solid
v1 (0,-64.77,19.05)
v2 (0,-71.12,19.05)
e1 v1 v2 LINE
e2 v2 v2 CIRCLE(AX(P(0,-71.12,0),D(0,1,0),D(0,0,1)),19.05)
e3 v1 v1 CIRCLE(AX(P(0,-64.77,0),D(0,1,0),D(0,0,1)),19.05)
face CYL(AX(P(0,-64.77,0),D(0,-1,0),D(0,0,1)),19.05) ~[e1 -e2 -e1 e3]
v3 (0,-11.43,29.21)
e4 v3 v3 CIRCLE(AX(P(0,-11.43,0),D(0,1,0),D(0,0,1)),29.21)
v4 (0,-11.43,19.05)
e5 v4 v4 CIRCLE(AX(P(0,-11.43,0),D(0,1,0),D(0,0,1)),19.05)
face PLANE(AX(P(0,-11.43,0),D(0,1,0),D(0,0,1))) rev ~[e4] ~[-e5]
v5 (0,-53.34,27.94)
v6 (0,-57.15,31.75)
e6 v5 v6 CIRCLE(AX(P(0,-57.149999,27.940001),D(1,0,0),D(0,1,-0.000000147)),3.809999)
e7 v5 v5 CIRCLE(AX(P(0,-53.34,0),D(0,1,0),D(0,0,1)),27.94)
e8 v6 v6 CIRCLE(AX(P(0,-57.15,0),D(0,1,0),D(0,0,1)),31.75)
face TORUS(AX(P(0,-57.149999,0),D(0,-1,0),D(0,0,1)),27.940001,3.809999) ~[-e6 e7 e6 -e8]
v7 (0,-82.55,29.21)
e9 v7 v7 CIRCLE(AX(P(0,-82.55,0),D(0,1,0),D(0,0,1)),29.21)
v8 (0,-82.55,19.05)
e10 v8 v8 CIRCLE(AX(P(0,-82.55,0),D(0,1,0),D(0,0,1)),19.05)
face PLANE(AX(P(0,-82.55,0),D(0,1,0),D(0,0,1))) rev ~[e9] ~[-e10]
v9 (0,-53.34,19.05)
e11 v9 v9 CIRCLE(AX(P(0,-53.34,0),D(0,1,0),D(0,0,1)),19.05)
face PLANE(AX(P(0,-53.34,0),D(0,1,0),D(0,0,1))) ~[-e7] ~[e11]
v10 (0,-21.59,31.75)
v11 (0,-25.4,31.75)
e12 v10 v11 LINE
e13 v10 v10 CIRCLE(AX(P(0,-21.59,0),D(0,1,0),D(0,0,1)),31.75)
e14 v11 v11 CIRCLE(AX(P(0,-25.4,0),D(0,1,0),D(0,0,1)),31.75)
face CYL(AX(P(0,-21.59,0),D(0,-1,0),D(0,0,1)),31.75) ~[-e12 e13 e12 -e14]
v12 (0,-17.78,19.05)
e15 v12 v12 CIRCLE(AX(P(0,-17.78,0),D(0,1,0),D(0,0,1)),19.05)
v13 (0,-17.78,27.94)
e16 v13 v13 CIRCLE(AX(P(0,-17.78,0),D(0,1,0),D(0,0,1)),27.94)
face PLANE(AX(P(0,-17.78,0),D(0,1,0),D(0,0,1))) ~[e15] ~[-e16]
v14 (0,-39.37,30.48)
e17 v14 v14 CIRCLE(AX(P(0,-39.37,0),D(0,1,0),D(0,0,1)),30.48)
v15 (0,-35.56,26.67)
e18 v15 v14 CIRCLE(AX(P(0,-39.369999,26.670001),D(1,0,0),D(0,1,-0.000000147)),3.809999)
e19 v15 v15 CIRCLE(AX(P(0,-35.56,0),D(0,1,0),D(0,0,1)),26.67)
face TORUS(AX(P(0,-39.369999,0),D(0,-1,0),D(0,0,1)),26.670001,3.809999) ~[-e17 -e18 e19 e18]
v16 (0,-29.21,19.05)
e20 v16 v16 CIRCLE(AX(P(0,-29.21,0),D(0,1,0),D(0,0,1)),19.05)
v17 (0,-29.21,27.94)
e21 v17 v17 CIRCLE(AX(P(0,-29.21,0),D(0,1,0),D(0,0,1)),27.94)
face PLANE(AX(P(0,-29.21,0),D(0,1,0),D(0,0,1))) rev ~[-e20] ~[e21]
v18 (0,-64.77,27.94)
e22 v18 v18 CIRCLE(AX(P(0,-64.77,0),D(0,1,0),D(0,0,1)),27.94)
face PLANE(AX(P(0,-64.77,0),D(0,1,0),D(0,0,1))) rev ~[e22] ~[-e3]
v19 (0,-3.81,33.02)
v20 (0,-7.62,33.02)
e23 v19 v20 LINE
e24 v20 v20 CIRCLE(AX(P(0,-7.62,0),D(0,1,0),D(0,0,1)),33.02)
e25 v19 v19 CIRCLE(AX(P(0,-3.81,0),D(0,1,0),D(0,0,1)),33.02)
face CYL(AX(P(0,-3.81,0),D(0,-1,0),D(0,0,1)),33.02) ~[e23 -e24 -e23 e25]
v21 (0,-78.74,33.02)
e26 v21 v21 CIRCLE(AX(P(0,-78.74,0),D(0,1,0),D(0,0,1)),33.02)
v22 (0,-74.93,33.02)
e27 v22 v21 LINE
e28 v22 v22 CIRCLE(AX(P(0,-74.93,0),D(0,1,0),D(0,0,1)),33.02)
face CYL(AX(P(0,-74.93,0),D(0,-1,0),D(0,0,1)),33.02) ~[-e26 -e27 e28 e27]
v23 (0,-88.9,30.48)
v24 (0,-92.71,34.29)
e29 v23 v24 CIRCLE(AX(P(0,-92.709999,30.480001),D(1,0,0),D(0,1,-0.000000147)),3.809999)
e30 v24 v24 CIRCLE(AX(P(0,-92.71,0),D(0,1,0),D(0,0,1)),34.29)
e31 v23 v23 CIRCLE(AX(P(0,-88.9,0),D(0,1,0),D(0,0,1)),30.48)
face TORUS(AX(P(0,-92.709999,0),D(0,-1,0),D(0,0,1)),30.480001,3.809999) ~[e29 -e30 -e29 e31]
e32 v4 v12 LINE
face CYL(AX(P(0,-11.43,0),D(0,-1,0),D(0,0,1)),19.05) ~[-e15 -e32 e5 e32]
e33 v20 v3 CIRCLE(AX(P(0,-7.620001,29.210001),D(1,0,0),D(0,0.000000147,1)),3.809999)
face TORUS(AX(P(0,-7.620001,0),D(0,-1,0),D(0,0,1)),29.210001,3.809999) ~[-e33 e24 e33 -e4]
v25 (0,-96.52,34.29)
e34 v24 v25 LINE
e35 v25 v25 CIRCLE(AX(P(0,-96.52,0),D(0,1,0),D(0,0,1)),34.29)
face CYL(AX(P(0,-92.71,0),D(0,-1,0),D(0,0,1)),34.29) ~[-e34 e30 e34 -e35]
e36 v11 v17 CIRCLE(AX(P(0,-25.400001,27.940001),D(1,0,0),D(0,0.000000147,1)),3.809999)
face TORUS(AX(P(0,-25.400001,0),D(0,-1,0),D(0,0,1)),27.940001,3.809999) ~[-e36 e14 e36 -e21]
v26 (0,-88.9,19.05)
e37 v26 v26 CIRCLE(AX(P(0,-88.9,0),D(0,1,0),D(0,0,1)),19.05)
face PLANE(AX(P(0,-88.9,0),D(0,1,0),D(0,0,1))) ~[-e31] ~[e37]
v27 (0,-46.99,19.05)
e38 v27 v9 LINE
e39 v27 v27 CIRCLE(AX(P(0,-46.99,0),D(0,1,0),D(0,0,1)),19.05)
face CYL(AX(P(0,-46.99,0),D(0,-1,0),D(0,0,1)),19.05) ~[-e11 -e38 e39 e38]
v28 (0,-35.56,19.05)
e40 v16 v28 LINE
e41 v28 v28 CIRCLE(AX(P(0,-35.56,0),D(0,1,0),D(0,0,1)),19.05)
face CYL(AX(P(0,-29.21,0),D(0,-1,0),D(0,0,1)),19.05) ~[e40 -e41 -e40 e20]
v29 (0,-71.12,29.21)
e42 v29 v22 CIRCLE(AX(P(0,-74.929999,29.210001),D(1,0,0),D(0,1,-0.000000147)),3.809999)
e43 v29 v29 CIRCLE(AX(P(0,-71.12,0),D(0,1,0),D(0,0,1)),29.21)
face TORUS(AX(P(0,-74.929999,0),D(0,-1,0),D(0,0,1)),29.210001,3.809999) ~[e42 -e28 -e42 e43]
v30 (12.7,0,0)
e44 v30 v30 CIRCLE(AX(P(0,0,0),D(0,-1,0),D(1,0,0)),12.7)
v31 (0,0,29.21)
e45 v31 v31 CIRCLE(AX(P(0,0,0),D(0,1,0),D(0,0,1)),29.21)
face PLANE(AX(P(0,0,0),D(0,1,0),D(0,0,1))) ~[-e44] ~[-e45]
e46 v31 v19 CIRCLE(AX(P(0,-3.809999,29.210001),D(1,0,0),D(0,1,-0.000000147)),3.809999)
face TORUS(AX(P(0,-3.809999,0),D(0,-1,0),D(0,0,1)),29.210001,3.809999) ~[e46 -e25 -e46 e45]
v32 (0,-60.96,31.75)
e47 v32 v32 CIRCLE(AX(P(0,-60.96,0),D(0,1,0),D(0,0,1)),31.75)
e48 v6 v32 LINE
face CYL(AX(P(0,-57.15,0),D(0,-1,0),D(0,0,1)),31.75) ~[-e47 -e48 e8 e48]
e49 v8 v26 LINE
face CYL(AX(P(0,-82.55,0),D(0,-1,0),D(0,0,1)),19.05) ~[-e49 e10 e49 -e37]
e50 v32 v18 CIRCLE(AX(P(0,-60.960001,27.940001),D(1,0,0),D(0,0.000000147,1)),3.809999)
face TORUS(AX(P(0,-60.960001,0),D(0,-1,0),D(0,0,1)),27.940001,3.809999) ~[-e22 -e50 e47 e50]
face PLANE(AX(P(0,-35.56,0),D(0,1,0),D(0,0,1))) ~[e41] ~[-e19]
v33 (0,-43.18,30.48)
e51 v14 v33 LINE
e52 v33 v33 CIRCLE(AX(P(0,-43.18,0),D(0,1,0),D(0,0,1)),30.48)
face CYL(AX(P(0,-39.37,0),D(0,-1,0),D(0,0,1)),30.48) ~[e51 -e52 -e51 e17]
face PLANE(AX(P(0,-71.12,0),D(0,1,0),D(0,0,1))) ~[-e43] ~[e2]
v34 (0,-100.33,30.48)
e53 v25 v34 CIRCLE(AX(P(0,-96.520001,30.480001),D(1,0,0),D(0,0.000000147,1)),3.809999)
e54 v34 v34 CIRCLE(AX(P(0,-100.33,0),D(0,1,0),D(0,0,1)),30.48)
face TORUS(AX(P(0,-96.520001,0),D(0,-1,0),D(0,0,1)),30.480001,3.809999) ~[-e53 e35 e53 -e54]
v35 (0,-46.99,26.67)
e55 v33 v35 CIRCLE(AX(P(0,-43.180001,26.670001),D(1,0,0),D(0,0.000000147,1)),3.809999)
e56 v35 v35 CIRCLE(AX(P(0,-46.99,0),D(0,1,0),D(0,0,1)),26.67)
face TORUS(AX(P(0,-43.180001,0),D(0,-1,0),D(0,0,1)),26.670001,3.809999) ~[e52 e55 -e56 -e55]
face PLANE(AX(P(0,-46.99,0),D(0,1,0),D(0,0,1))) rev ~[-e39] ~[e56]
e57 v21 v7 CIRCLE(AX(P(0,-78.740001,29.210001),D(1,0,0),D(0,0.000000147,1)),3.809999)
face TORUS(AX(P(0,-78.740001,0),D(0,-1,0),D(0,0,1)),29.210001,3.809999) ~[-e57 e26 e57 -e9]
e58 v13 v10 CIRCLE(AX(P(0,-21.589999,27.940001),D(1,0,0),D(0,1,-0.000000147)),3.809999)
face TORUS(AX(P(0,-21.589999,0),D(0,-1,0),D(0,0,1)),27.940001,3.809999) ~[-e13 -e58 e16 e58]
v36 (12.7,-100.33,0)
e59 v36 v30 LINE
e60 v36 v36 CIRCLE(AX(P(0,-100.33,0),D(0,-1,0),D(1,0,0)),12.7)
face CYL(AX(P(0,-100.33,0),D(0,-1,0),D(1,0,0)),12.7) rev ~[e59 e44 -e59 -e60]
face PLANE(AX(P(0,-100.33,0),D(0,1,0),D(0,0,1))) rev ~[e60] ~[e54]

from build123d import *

# Parameters (mm, degrees)
F2_R     = 12.7
F3_DEPTH = 100.331


with BuildPart() as f1:
    # F0 (on Right) → F1 (revolve)
    with BuildSketch(Plane.YZ):
        with BuildLine():
            Line((-100.33, 30.48), (-100.33, 19.05))
            Line((-100.33, 19.05), (-88.9, 19.05))
            Line((-88.9, 19.05), (-88.9, 30.48))
            ThreePointArc((-88.9, 30.48), (-90.015923, 33.174077), (-92.71, 34.29))
            Line((-92.71, 34.29), (-96.52, 34.29))
            ThreePointArc((-96.52, 34.29), (-99.214077, 33.174077), (-100.33, 30.48))
        make_face()
        with BuildLine():
            Line((-82.55, 29.21), (-82.55, 19.05))
            Line((-82.55, 19.05), (-71.12, 19.05))
            Line((-71.12, 19.05), (-71.12, 29.21))
            ThreePointArc((-71.12, 29.21), (-72.235923, 31.904077), (-74.93, 33.02))
            Line((-74.93, 33.02), (-78.74, 33.02))
            ThreePointArc((-78.74, 33.02), (-81.434077, 31.904077), (-82.55, 29.21))
        make_face()
        with BuildLine():
            Line((-64.77, 27.94), (-64.77, 19.05))
            Line((-64.77, 19.05), (-53.34, 19.05))
            Line((-53.34, 19.05), (-53.34, 27.94))
            ThreePointArc((-53.34, 27.94), (-54.455923, 30.634077), (-57.15, 31.75))
            Line((-57.15, 31.75), (-60.96, 31.75))
            ThreePointArc((-60.96, 31.75), (-63.654077, 30.634077), (-64.77, 27.94))
        make_face()
        with BuildLine():
            Line((-46.99, 26.67), (-46.99, 19.05))
            Line((-46.99, 19.05), (-35.56, 19.05))
            Line((-35.56, 19.05), (-35.56, 26.67))
            ThreePointArc((-35.56, 26.67), (-36.675923, 29.364077), (-39.37, 30.48))
            Line((-39.37, 30.48), (-43.18, 30.48))
            ThreePointArc((-43.18, 30.48), (-45.874077, 29.364077), (-46.99, 26.67))
        make_face()
        with BuildLine():
            Line((-29.21, 19.05), (-17.78, 19.05))
            Line((-17.78, 19.05), (-17.78, 27.94))
            ThreePointArc((-17.78, 27.94), (-18.895923, 30.634077), (-21.59, 31.75))
            Line((-21.59, 31.75), (-25.4, 31.75))
            ThreePointArc((-25.4, 31.75), (-28.094077, 30.634077), (-29.21, 27.94))
            Line((-29.21, 27.94), (-29.21, 19.05))
        make_face()
        with BuildLine():
            Line((-11.43, 19.05), (0, 19.05))
            Line((0, 19.05), (0, 29.21))
            ThreePointArc((0, 29.21), (-1.115923, 31.904077), (-3.81, 33.02))
            Line((-3.81, 33.02), (-7.62, 33.02))
            ThreePointArc((-7.62, 33.02), (-10.314077, 31.904077), (-11.43, 29.21))
            Line((-11.43, 29.21), (-11.43, 19.05))
        make_face()
        Polygon((-88.9, 19.05), (-100.33, 19.05), (-100.33, 0), (0, 0), (0, 19.05), (-11.43, 19.05), (-17.78, 19.05), (-29.21, 19.05), (-35.56, 19.05), (-46.99, 19.05), (-53.34, 19.05), (-64.77, 19.05), (-71.12, 19.05), (-82.55, 19.05), align=None)
    revolve(axis=Axis((0, -50.165, 0), (0, 1, 0)))

    # F2 (on face) → F3 (cut, through all)
    with BuildSketch(Plane.XZ.offset(100.33)):
        Circle(F2_R)
    extrude(amount=-F3_DEPTH, mode=Mode.SUBTRACT)


solid = f1.part
